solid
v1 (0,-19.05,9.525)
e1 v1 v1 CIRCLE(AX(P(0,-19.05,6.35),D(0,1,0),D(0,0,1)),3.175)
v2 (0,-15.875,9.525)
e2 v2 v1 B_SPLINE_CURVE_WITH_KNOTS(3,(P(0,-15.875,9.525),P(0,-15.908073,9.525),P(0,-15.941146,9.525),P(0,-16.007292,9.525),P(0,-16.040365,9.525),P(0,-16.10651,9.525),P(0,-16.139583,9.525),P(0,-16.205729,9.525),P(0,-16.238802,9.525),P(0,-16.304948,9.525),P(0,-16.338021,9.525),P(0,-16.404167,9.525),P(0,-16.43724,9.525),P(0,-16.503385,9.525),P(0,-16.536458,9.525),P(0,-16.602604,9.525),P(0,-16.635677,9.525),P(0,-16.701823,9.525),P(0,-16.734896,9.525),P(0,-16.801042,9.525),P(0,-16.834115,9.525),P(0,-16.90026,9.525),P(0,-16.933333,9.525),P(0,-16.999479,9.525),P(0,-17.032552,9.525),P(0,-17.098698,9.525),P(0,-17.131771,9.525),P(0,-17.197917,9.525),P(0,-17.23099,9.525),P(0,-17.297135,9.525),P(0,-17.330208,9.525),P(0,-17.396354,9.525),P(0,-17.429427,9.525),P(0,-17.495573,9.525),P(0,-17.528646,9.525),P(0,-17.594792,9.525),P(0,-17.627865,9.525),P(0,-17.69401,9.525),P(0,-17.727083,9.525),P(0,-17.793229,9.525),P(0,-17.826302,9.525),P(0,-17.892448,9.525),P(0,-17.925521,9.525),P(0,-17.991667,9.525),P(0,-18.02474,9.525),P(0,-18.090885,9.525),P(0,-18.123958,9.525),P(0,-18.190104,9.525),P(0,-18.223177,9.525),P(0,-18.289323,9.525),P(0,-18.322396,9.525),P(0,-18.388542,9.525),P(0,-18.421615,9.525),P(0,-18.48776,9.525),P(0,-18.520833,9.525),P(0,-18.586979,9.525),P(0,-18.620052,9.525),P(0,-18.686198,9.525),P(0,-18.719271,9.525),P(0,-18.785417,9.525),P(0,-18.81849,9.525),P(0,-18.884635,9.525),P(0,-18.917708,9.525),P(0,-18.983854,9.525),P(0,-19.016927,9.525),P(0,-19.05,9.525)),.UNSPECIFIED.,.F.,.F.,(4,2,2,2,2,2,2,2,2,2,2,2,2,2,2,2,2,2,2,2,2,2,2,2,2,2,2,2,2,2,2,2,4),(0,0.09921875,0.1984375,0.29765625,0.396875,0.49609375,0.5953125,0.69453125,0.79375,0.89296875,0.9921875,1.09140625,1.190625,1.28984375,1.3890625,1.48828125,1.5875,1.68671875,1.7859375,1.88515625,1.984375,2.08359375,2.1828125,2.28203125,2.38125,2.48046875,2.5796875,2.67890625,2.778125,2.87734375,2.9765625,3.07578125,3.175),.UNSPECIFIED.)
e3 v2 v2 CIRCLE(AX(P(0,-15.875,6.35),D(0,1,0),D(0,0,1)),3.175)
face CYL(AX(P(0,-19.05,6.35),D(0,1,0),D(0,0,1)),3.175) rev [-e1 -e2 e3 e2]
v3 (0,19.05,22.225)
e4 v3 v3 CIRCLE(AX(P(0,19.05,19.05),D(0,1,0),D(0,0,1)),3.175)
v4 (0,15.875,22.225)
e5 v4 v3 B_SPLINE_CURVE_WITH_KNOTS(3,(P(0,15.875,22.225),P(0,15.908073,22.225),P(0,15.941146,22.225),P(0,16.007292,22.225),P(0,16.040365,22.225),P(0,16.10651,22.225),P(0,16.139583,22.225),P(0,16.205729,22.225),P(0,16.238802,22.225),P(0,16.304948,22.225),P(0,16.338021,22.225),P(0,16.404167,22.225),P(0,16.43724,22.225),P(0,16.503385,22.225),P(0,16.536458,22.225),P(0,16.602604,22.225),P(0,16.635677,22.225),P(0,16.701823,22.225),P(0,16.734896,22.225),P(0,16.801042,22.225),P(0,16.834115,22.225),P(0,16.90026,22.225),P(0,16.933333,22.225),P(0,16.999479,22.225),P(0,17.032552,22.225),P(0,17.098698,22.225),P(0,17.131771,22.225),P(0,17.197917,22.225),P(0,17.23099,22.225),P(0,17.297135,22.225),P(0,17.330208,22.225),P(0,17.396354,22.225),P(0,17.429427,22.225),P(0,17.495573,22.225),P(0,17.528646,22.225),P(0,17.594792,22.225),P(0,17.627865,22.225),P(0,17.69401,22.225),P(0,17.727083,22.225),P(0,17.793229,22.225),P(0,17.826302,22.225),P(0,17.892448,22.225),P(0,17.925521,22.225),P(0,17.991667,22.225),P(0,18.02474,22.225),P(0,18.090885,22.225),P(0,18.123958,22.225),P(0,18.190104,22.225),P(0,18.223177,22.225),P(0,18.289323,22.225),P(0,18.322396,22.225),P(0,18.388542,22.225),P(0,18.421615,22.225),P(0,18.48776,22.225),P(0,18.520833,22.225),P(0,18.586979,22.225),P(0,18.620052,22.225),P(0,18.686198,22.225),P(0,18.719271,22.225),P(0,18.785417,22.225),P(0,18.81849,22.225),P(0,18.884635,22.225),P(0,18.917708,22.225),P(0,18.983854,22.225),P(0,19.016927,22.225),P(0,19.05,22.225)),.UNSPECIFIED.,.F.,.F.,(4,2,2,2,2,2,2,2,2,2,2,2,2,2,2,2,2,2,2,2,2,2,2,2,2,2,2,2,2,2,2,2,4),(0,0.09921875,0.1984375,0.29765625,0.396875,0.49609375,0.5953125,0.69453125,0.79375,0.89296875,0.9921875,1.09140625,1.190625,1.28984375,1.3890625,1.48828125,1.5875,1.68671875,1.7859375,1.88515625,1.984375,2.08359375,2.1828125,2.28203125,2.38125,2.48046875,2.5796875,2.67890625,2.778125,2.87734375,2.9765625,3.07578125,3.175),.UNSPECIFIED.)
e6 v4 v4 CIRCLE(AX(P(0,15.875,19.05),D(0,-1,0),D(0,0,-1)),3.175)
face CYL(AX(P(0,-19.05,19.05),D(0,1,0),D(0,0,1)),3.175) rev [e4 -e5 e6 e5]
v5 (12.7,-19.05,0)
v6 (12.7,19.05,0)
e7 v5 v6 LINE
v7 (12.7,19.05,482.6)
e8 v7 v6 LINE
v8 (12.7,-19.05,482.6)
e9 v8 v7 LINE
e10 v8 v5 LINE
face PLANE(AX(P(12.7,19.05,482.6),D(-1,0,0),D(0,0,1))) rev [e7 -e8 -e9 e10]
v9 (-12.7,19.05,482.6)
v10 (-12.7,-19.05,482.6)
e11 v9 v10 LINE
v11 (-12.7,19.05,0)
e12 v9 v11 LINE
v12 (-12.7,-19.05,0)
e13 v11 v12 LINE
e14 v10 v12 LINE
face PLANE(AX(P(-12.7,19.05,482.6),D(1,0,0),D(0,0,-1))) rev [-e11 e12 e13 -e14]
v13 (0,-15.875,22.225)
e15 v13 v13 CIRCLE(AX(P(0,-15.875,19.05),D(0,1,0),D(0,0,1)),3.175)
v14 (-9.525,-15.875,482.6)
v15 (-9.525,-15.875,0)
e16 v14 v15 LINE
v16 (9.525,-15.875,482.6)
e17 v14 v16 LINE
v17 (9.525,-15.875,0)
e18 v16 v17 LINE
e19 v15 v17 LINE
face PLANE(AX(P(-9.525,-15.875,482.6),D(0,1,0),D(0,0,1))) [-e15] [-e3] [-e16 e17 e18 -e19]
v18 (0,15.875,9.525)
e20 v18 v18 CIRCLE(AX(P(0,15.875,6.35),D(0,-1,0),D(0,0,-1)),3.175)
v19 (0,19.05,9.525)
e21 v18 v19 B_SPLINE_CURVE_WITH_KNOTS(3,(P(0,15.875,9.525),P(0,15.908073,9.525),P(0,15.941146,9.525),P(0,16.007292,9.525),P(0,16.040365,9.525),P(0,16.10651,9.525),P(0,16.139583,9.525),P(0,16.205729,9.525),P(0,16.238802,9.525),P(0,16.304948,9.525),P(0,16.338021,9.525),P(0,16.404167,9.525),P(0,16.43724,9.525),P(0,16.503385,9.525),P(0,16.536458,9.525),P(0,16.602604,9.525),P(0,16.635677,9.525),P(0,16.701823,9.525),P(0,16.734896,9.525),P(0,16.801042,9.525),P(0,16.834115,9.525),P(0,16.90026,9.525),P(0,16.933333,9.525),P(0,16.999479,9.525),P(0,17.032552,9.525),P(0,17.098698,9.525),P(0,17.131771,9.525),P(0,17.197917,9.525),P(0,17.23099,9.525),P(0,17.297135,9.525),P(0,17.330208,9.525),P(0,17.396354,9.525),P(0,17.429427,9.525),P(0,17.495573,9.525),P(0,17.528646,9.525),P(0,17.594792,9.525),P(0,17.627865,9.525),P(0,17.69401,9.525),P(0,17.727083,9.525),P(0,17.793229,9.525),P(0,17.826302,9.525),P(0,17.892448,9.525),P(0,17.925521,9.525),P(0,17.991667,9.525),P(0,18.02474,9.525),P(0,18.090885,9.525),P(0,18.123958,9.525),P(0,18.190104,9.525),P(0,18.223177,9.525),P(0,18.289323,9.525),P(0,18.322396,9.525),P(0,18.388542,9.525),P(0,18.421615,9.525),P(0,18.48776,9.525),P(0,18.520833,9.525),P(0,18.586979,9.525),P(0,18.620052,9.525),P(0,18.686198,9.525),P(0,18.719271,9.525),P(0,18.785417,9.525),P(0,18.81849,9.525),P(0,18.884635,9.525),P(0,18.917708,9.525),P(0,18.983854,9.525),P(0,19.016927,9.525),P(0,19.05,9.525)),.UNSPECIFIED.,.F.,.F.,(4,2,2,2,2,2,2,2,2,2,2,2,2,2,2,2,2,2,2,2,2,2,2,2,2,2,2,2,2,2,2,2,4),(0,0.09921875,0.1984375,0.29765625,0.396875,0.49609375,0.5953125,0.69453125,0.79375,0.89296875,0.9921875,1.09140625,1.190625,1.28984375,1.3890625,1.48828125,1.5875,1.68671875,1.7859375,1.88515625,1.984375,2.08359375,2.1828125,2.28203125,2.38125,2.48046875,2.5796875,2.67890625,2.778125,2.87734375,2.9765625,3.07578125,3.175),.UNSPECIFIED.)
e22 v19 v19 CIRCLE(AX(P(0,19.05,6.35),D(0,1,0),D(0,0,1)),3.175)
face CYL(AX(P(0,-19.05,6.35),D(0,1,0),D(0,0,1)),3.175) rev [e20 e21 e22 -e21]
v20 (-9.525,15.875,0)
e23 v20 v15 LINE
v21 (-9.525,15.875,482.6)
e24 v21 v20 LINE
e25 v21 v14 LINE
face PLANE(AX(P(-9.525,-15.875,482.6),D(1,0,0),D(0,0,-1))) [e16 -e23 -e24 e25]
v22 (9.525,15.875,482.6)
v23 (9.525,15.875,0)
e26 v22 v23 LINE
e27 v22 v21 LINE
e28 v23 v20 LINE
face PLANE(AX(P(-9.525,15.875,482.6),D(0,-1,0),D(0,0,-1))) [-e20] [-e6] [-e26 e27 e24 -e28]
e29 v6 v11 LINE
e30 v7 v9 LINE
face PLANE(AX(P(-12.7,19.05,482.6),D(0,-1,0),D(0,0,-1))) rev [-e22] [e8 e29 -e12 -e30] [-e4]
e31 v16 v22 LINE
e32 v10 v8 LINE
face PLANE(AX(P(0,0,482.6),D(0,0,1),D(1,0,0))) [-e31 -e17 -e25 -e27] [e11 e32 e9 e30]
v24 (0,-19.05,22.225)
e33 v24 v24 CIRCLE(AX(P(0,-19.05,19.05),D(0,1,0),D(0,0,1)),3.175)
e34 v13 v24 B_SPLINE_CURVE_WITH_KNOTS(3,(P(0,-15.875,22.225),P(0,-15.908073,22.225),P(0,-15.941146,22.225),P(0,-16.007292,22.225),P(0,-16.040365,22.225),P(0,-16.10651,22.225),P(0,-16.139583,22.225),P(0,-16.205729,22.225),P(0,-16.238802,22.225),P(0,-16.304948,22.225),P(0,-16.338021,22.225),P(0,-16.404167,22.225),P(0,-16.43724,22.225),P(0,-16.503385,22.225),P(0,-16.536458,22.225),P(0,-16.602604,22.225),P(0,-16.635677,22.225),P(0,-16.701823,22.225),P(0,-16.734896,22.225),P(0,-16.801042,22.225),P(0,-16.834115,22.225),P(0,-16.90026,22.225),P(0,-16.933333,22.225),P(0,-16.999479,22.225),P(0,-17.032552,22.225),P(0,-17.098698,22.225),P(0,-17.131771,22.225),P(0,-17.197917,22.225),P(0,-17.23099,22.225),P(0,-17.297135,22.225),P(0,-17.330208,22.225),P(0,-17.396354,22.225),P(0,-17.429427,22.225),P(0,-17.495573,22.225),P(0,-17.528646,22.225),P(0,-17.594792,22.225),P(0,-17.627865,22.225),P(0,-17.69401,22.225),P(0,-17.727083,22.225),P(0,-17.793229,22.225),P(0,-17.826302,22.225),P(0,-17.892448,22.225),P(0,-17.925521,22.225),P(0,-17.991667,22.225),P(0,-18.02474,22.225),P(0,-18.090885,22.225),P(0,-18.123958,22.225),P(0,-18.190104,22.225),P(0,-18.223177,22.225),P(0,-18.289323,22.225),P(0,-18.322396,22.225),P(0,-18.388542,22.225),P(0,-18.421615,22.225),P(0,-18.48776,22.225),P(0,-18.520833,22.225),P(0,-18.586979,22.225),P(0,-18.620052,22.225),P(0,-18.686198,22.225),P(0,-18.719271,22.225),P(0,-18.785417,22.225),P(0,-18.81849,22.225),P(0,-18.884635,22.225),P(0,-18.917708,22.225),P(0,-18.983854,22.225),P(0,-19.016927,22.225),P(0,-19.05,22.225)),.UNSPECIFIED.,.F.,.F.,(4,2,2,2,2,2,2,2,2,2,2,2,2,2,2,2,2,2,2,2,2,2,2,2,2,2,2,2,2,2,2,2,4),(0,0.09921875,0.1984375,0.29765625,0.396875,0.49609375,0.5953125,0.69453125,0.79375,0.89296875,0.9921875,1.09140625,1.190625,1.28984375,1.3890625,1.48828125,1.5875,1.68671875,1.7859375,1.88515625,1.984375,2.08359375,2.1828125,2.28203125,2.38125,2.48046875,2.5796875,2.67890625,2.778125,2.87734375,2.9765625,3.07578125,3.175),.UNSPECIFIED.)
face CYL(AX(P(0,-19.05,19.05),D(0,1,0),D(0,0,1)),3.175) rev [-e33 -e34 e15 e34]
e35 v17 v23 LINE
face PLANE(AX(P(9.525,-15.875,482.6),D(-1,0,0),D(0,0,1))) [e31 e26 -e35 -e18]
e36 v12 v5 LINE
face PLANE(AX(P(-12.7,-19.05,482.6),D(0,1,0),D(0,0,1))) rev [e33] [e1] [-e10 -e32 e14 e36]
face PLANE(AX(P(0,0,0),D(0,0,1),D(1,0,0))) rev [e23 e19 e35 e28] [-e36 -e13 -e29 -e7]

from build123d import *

# Parameters (mm, degrees)
SKETCH1_W           = 25.4
SKETCH1_H           = 38.1
SKETCH1_W_2         = 19.05
SKETCH1_H_2         = 31.75
BOSS_EXTRUDE1_DEPTH = 482.6
SKETCH2_R           = 3.175
CUT_EXTRUDE1_DEPTH  = 485.268169509


with BuildPart() as part:
    # Sketch1 → Boss-Extrude1 (new body)
    with BuildSketch(Plane.XY):
        Rectangle(SKETCH1_W, SKETCH1_H)
        Rectangle(SKETCH1_W_2, SKETCH1_H_2, mode=Mode.SUBTRACT)
    extrude(amount=BOSS_EXTRUDE1_DEPTH)

    # Sketch2 → Cut-Extrude1 (cut, through all)
    with BuildSketch(Plane(origin=(0, 19.05, 0), x_dir=(1, 0, 0), z_dir=(0, 1, 0))):
        with Locations(Location((0, -19.05, 0), (0, 0, 270))):
            Circle(SKETCH2_R)
        with Locations(Location((0, -6.35, 0), (0, 0, 270))):
            Circle(SKETCH2_R)
    extrude(amount=-CUT_EXTRUDE1_DEPTH, mode=Mode.SUBTRACT)


solid = part.part
